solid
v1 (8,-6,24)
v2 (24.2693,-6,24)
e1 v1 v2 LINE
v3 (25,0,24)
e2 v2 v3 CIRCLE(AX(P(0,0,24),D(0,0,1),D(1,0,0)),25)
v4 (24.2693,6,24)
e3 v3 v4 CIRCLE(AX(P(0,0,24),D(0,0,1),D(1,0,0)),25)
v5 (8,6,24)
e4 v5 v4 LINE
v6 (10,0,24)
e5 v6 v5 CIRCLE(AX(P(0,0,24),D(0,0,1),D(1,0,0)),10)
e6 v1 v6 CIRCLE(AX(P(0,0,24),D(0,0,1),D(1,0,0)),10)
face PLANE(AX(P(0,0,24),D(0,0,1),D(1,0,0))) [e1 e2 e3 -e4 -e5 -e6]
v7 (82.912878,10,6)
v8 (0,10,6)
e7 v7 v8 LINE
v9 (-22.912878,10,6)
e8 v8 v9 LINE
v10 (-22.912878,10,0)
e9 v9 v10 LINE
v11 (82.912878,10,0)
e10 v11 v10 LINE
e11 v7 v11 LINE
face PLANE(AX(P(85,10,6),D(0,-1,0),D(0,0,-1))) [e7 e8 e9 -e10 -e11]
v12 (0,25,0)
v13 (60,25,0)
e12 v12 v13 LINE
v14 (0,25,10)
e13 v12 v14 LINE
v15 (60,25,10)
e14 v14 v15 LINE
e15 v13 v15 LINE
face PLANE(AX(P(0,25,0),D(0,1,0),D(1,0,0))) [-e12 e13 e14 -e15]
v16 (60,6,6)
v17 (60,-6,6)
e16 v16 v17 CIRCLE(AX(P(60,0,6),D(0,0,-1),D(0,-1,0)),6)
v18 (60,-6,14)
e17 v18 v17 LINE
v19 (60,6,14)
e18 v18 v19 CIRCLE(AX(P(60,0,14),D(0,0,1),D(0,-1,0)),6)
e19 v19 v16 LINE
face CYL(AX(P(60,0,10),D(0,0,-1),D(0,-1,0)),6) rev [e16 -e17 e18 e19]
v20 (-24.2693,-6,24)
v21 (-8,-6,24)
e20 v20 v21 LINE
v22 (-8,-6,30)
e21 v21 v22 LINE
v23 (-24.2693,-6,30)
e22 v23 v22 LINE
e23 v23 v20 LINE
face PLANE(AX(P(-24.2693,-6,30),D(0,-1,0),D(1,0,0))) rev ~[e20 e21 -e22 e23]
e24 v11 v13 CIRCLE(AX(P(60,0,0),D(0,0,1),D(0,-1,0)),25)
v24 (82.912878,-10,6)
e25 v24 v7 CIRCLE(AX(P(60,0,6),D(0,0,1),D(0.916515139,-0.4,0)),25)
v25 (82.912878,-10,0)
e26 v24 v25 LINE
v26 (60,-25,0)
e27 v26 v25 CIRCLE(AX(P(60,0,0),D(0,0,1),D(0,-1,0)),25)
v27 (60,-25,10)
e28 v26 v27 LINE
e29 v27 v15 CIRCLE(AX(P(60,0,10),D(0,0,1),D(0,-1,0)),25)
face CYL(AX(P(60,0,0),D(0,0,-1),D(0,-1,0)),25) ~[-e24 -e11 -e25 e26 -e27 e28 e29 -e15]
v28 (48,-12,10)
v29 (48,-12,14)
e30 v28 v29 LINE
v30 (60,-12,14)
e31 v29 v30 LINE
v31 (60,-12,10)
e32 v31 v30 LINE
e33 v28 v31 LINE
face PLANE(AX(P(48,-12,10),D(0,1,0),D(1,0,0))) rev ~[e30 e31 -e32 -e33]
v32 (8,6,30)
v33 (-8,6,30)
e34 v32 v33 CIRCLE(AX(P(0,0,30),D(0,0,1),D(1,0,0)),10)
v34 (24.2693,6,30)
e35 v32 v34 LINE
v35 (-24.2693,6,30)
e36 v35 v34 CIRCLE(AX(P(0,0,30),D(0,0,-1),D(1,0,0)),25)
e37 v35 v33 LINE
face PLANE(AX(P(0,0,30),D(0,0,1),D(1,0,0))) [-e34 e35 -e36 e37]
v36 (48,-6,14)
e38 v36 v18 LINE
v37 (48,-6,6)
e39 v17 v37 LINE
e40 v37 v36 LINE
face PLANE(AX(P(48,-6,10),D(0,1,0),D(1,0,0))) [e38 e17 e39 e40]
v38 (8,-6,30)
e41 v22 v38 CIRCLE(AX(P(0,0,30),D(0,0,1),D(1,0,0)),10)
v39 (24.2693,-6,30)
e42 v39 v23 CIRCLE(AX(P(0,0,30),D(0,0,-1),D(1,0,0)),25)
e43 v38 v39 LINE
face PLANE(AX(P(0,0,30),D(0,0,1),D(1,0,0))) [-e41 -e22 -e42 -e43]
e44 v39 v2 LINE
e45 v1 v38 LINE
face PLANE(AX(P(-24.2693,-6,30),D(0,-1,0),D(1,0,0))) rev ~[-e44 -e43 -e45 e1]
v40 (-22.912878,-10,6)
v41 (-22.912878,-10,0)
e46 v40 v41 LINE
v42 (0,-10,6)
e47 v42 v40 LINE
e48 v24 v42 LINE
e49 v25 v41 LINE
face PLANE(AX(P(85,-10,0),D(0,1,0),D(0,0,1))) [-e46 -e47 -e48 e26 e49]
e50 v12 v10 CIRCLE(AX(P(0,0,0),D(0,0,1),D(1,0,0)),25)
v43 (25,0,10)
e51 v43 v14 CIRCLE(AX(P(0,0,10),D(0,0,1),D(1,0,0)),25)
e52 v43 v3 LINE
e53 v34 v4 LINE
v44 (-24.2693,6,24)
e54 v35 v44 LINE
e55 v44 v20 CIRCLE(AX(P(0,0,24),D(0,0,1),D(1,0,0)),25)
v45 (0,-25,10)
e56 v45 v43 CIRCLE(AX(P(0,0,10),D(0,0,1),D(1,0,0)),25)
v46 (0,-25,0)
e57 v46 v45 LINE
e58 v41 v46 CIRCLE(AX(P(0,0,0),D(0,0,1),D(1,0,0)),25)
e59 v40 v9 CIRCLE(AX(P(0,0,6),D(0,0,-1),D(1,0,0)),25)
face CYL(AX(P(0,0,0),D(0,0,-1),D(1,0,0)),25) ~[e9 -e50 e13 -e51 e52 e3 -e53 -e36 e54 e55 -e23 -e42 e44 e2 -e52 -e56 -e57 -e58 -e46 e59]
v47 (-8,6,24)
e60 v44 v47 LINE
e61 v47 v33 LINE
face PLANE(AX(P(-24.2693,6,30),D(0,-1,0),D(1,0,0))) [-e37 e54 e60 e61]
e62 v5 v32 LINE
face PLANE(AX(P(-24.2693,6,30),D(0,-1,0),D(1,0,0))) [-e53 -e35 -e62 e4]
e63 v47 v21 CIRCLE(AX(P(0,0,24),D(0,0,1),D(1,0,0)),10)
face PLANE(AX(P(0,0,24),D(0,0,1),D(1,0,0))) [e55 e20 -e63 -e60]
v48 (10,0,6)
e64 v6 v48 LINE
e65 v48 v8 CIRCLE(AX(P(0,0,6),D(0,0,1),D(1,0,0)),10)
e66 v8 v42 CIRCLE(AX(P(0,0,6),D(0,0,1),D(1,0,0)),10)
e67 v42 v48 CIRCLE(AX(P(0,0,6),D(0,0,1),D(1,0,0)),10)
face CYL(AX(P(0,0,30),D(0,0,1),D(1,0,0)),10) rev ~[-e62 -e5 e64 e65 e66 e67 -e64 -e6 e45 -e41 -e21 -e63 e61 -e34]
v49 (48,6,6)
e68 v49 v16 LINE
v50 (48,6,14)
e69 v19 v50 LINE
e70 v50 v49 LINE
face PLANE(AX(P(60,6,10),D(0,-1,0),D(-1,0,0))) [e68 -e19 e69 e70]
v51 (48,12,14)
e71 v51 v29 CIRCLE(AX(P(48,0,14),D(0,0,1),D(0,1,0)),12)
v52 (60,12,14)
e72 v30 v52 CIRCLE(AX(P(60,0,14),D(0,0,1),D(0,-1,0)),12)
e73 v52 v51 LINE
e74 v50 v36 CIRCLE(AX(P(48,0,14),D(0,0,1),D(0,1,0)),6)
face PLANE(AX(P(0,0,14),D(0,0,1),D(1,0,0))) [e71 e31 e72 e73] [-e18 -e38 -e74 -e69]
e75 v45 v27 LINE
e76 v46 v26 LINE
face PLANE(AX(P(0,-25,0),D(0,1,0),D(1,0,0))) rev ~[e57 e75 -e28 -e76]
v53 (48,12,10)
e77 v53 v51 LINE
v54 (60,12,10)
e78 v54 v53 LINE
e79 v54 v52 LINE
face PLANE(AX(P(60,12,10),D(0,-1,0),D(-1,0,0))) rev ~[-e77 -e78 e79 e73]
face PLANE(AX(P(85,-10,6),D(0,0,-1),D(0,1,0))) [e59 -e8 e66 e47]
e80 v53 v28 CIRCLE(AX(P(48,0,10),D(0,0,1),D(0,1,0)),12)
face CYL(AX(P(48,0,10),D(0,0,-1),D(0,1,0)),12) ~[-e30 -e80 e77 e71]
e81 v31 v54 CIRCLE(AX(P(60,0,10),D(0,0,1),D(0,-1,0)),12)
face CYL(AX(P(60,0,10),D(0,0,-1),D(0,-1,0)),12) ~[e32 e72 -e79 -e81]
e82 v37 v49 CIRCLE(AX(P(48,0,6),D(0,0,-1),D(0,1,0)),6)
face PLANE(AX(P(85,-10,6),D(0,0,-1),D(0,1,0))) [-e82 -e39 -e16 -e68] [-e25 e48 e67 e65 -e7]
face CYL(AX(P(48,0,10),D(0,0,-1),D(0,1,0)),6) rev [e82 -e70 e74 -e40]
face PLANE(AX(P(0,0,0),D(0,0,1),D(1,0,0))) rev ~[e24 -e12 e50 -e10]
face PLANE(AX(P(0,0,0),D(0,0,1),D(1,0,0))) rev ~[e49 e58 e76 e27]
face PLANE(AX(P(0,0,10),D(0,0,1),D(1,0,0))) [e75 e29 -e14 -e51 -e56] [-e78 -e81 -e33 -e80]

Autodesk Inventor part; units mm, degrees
ref_plane "XZ Plane" through (0, 0, 0) normal (0, 1, 0) x (-1, 0, 0)
ref_plane "XY Plane" through (0, 0, 0) normal (0, 0, 1) x (1, 0, 0)
sketch "Skizze1" plane through (0, 0, 0) normal (0, 0, 1) x (1, 0, 0)
  line L0 (0, 25) -> (60, 25)
  line L1 (0, -25) -> (60, -25)
  circle A0 centre (0, 0) radius 25
  arc A1 (60, -25) -> (60, 25) centre (60, 0) ccw
  line L2 (0, 0) -> (60, 0) construction
  point P0 (0, 0)
  dimension "d1" = 25
  dimension "d2" = 50
  dimension "d3" = 60
extrude "Extrusion1" add sketch "Skizze1" along normal blind 10 contours L0 A1 L1 A0
extrude "Extrusion2" add sketch "Skizze1" along normal blind 30 contours A0
sketch "Skizze3" plane through (0, 0, 30) normal (0, 0, 1) x (1, 0, 0)
  circle A0 centre (0, 0) radius 25 projected
  line L0 (-24.2693, 6) -> (24.2693, 6)
  line L1 (-24.2693, -6) -> (24.2693, -6)
  line L2 (-25, 0) -> (25, 0) construction
  point P0 (0, 0)
  point P1 (0, 0)
  dimension "d11" = 12
extrude "Extrusion4" cut sketch "Skizze3" against normal blind 6 contours A0 L1 L0
sketch "Skizze4" plane through (0, 0, 30) normal (0, 0, 1) x (1, 0, 0)
  circle A0 centre (0, 0) radius 10
  dimension "d14" = 20
extrude "Extrusion5" cut sketch "Skizze4" against normal up to surface (30 mm away)
sketch "Skizze5" plane through (0, 0, 10) normal (0, 0, 1) x (1, 0, 0)
  line L0 (48, 0) -> (60, 0) construction
  line L1 (48, -6) -> (60, -6)
  line L2 (60, 6) -> (48, 6)
  arc A0 (48, 6) -> (48, -6) centre (48, 0) ccw
  arc A1 (60, -6) -> (60, 6) centre (60, 0) ccw
  line L3 (48, 0) -> (60, 0) construction
  line L4 (48, -12) -> (60, -12)
  line L5 (60, 12) -> (48, 12)
  arc A2 (48, 12) -> (48, -12) centre (48, 0) ccw
  arc A3 (60, -12) -> (60, 12) centre (60, 0) ccw
  point P0 (0, 0)
  point P1 (54, 0)
  point P2 (54, 0)
  dimension "d17" = 12
  dimension "d18" = 60
  dimension "d19" = 6
  dimension "d20" = 12
extrude "Extrusion6" cut sketch "Skizze5" against normal up to surface (10 mm away) contours A0 L2 A1 L1
extrude "Extrusion7" add sketch "Skizze5" along normal blind 4
ref_plane "Arbeitsebene2" through (85, 0, 0) normal (1, 0, 0) x (0, 1, 0)
sketch "Skizze6" plane through (85, 0, 0) normal (1, 0, 0) x (0, 1, 0)
  line L0 (25, 0) -> (-25, 0) projected
  line L1 (-10, 0) -> (-10, 6)
  line L2 (-10, 6) -> (10, 6)
  line L3 (10, 6) -> (10, -0.2109)
  line L4 (0, 0) -> (0, 8.6058) construction
  line L5 (25, 10) -> (-25, 10) projected
  point P0 (0, 6)
  point P1 (0, 10)
  point P2 (10, 0)
  dimension "d26" = 20
  dimension "d27" = 4
extrude "Extrusion8" cut sketch "Skizze6" against normal through all
properties part number "slider" material "Stahl, galvanisiert"
